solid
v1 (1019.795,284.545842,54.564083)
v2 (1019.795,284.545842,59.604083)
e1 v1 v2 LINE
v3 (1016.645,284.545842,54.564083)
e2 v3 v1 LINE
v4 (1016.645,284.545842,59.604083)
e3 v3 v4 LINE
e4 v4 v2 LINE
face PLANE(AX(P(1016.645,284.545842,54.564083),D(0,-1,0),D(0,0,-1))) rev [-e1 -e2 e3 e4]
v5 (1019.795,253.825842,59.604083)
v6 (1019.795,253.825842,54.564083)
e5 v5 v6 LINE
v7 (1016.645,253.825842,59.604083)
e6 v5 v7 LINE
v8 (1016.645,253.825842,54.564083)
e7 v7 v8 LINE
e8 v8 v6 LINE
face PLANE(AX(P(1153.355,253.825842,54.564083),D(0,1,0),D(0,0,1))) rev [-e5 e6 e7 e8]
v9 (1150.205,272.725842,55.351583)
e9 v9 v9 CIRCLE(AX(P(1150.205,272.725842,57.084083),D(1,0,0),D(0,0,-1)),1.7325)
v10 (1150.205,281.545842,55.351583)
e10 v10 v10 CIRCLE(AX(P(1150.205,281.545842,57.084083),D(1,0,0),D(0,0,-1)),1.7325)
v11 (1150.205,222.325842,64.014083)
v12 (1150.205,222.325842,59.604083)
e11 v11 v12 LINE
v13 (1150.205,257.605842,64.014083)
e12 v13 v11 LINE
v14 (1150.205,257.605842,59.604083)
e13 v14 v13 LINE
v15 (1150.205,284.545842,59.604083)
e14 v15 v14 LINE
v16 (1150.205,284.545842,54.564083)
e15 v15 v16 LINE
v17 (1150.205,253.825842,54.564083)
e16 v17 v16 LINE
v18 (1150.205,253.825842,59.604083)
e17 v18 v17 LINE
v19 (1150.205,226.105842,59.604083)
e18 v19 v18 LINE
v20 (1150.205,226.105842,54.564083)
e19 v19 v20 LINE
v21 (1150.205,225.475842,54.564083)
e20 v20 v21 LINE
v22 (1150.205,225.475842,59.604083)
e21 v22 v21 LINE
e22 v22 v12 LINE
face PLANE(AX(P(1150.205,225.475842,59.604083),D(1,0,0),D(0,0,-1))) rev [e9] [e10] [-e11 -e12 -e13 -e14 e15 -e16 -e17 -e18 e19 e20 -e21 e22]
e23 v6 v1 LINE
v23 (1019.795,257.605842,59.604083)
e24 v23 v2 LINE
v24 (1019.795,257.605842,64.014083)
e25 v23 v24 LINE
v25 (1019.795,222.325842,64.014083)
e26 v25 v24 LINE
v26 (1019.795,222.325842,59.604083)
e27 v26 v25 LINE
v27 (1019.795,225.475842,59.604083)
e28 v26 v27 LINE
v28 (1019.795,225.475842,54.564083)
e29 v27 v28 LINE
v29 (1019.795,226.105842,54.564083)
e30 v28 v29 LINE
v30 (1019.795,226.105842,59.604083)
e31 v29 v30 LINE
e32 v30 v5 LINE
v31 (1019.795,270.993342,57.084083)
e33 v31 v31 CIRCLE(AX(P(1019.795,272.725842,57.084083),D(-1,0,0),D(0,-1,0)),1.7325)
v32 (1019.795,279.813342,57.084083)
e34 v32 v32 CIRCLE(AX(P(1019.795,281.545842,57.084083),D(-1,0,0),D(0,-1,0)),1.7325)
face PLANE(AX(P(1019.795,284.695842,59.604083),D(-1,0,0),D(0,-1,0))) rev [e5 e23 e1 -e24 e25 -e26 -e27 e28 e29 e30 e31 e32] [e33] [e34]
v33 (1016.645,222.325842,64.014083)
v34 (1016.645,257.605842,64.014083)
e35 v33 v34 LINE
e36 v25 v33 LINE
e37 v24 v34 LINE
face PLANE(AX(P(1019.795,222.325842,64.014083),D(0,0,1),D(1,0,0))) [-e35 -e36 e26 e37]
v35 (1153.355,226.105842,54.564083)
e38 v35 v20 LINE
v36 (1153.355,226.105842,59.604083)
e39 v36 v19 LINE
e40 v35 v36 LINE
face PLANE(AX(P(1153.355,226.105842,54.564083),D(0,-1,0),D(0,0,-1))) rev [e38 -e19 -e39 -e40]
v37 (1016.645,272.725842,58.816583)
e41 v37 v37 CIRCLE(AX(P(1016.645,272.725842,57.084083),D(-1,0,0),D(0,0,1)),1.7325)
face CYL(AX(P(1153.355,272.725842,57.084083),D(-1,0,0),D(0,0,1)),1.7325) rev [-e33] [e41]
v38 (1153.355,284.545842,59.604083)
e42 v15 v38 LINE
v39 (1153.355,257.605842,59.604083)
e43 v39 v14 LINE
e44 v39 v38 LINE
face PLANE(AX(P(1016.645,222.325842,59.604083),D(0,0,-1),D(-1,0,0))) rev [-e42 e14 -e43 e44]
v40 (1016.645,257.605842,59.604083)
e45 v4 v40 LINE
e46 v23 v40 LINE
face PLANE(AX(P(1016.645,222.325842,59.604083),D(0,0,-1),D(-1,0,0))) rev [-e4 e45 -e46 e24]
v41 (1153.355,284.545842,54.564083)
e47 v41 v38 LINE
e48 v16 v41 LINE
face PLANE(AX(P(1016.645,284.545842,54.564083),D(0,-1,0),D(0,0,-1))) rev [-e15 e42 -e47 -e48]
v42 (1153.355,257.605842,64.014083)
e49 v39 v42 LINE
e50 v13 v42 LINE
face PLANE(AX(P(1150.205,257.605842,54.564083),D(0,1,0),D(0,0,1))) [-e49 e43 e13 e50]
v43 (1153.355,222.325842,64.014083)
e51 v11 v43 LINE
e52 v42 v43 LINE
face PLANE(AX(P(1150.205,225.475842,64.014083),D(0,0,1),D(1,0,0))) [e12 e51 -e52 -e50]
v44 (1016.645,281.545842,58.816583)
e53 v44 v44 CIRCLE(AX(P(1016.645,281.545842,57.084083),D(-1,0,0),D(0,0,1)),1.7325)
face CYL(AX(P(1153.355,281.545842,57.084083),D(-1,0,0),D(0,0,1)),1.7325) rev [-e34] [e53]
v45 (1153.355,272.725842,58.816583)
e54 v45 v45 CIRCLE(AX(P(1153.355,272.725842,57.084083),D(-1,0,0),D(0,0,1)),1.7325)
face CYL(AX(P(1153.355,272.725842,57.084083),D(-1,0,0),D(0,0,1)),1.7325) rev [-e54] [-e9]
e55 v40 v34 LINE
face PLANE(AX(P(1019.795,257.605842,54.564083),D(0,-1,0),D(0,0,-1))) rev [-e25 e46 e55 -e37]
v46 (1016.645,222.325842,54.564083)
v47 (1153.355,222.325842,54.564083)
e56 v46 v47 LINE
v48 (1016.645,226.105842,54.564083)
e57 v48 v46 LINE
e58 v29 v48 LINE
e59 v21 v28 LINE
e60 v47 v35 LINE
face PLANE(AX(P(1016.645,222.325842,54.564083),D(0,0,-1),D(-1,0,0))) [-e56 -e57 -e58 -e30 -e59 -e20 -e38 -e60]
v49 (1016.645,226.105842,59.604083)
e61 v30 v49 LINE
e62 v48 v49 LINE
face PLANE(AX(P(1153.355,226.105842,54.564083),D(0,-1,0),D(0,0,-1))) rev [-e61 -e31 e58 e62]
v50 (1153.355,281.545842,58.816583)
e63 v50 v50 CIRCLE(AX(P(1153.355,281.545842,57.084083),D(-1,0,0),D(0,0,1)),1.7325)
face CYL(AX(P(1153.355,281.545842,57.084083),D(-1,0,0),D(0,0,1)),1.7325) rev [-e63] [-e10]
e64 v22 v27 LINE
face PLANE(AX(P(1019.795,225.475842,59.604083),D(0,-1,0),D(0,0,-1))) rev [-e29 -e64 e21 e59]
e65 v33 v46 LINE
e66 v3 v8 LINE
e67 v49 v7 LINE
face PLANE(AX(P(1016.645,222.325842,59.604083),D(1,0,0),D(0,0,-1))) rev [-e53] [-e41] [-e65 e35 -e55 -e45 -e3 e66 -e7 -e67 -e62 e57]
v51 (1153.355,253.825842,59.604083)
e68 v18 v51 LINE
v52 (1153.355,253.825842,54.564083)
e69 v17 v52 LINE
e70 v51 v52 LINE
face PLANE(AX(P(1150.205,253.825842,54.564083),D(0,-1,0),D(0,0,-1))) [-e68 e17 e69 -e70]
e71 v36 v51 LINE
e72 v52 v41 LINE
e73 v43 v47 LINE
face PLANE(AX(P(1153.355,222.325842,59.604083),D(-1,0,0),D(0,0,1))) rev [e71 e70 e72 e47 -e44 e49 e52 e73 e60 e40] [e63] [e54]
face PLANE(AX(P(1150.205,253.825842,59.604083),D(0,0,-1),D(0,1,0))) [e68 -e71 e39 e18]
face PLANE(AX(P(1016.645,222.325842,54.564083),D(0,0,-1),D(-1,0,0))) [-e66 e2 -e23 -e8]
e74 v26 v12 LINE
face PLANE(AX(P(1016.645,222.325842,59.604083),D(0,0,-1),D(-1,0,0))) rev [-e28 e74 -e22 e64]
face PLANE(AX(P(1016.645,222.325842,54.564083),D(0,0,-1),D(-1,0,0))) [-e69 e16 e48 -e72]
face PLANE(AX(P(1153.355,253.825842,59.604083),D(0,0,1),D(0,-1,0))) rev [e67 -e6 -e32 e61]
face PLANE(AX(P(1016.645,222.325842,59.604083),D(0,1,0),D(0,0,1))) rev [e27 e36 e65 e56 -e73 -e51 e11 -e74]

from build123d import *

# Parameters (mm, degrees)
SALIENTE_EXTRUIR1_DEPTH = 80
CROQUIS2_R              = 27.5
CORTAR_EXTRUIR2_DEPTH   = 2387.503718832
SALIENTE_EXTRUIR2_DEPTH = 50
CROQUIS4_W              = 80
CROQUIS4_H              = 440
CORTAR_EXTRUIR3_DEPTH   = 2390.874473691
SALIENTE_EXTRUIR3_DEPTH = 50
ESCALA1_SCALE           = 0.063
CROQUIS9_W              = 136.71
CROQUIS9_H              = 5.04
SALIENTE_EXTRUIR5_DEPTH = 13
CROQUIS10_W             = 130.41
CROQUIS10_H             = 8
CORTAR_EXTRUIR4_DEPTH   = 10
CROQUIS11_W             = 136.71
CROQUIS11_H             = 13.15
CORTAR_EXTRUIR5_DEPTH   = 1192.165803699


with BuildPart() as part:
    # Croquis1 → Saliente-Extruir1 (new body)
    with BuildSketch(Plane.XY):
        Polygon((0, 0), (2170, 0), (2170, 990), (2120, 990), (2120, 50), (50, 50), (50, 990), (0, 990), align=None)
    extrude(amount=SALIENTE_EXTRUIR1_DEPTH)

    # Croquis2 → Cortar-Extruir2 (cut, through all)
    with BuildSketch(Plane.ZY):
        with Locations((40, 940)):
            Circle(CROQUIS2_R)
        with Locations((40, 800)):
            Circle(CROQUIS2_R)
    extrude(amount=-CORTAR_EXTRUIR2_DEPTH, mode=Mode.SUBTRACT)

    # Croquis3 → Saliente-Extruir2 (add)
    with BuildSketch(Plane.ZY):
        Polygon((150, 560), (80, 560), (0, 560), (0, 500), (80, 500), (80, 60), (0, 60), (0, 0), (150, 0), align=None)
    extrude(amount=-SALIENTE_EXTRUIR2_DEPTH)

    # Croquis4 → Cortar-Extruir3 (cut, through all)
    with BuildSketch(Plane.ZY):
        with Locations((40, 280)):
            Rectangle(CROQUIS4_W, CROQUIS4_H)
    extrude(amount=-CORTAR_EXTRUIR3_DEPTH, mode=Mode.SUBTRACT)


with BuildPart() as cortar_extruir3_piece_1:
    # of the separate pieces the step leaves, piece 1, a body of its own (cortar_extruir3_pieces)
    add(part.part.solids().sort_by_distance((0, 0, 0))[0])



with BuildPart() as cortar_extruir3_piece_2:
    # of the separate pieces the step leaves, piece 2, a body of its own (cortar_extruir3_pieces)
    add(part.part.solids().sort_by_distance((2120, 500, 0))[0])


with BuildPart() as cortar_extruir3_piece_1_1:
    add(cortar_extruir3_piece_1.part)

    add(cortar_extruir3_piece_2.part)  # Saliente-Extruir3 merges Cortar-Extruir3 piece 2
    # Croquis5 → Saliente-Extruir3 (add)
    with BuildSketch(Plane(origin=(2170, 0, 0), x_dir=(0, 0, -1), z_dir=(1, 0, 0))):
        Polygon((-150, 50), (-150, 0), (0, 0), (0, 60), (-80, 60), (-80, 500), (0, 500), (0, 560), (-150, 560), align=None)
    extrude(amount=-SALIENTE_EXTRUIR3_DEPTH)


with BuildPart() as cortar_extruir3_piece_1_2:
    # Escala1: scaled about (1085, 237.274110873, 58.232745712)
    add(cortar_extruir3_piece_1_1.part.scale(ESCALA1_SCALE).moved(Location((1016.645, 222.325841888, 54.564082732))))

    # Croquis9 → Saliente-Extruir5 (add)
    with BuildSketch(Plane(origin=(0, 284.695841888, 0), x_dir=(1, 0, 0), z_dir=(0, 1, 0))):
        with Locations((1085, -57.084082732)):
            Rectangle(CROQUIS9_W, CROQUIS9_H)
    extrude(amount=SALIENTE_EXTRUIR5_DEPTH)

    # Croquis10 → Cortar-Extruir4 (cut)
    with BuildSketch(Plane.XY.offset(59.604082732)):
        with Locations((1085, 288.695841888)):
            Rectangle(CROQUIS10_W, CROQUIS10_H)
    extrude(amount=-CORTAR_EXTRUIR4_DEPTH, mode=Mode.SUBTRACT)

    # Croquis11 → Cortar-Extruir5 (cut, through all)
    with BuildSketch(Plane.XY.offset(59.604082732)):
        with Locations((1085, 291.120841888)):
            Rectangle(CROQUIS11_W, CROQUIS11_H)
    extrude(amount=-CORTAR_EXTRUIR5_DEPTH, mode=Mode.SUBTRACT)


solid = cortar_extruir3_piece_1_2.part
